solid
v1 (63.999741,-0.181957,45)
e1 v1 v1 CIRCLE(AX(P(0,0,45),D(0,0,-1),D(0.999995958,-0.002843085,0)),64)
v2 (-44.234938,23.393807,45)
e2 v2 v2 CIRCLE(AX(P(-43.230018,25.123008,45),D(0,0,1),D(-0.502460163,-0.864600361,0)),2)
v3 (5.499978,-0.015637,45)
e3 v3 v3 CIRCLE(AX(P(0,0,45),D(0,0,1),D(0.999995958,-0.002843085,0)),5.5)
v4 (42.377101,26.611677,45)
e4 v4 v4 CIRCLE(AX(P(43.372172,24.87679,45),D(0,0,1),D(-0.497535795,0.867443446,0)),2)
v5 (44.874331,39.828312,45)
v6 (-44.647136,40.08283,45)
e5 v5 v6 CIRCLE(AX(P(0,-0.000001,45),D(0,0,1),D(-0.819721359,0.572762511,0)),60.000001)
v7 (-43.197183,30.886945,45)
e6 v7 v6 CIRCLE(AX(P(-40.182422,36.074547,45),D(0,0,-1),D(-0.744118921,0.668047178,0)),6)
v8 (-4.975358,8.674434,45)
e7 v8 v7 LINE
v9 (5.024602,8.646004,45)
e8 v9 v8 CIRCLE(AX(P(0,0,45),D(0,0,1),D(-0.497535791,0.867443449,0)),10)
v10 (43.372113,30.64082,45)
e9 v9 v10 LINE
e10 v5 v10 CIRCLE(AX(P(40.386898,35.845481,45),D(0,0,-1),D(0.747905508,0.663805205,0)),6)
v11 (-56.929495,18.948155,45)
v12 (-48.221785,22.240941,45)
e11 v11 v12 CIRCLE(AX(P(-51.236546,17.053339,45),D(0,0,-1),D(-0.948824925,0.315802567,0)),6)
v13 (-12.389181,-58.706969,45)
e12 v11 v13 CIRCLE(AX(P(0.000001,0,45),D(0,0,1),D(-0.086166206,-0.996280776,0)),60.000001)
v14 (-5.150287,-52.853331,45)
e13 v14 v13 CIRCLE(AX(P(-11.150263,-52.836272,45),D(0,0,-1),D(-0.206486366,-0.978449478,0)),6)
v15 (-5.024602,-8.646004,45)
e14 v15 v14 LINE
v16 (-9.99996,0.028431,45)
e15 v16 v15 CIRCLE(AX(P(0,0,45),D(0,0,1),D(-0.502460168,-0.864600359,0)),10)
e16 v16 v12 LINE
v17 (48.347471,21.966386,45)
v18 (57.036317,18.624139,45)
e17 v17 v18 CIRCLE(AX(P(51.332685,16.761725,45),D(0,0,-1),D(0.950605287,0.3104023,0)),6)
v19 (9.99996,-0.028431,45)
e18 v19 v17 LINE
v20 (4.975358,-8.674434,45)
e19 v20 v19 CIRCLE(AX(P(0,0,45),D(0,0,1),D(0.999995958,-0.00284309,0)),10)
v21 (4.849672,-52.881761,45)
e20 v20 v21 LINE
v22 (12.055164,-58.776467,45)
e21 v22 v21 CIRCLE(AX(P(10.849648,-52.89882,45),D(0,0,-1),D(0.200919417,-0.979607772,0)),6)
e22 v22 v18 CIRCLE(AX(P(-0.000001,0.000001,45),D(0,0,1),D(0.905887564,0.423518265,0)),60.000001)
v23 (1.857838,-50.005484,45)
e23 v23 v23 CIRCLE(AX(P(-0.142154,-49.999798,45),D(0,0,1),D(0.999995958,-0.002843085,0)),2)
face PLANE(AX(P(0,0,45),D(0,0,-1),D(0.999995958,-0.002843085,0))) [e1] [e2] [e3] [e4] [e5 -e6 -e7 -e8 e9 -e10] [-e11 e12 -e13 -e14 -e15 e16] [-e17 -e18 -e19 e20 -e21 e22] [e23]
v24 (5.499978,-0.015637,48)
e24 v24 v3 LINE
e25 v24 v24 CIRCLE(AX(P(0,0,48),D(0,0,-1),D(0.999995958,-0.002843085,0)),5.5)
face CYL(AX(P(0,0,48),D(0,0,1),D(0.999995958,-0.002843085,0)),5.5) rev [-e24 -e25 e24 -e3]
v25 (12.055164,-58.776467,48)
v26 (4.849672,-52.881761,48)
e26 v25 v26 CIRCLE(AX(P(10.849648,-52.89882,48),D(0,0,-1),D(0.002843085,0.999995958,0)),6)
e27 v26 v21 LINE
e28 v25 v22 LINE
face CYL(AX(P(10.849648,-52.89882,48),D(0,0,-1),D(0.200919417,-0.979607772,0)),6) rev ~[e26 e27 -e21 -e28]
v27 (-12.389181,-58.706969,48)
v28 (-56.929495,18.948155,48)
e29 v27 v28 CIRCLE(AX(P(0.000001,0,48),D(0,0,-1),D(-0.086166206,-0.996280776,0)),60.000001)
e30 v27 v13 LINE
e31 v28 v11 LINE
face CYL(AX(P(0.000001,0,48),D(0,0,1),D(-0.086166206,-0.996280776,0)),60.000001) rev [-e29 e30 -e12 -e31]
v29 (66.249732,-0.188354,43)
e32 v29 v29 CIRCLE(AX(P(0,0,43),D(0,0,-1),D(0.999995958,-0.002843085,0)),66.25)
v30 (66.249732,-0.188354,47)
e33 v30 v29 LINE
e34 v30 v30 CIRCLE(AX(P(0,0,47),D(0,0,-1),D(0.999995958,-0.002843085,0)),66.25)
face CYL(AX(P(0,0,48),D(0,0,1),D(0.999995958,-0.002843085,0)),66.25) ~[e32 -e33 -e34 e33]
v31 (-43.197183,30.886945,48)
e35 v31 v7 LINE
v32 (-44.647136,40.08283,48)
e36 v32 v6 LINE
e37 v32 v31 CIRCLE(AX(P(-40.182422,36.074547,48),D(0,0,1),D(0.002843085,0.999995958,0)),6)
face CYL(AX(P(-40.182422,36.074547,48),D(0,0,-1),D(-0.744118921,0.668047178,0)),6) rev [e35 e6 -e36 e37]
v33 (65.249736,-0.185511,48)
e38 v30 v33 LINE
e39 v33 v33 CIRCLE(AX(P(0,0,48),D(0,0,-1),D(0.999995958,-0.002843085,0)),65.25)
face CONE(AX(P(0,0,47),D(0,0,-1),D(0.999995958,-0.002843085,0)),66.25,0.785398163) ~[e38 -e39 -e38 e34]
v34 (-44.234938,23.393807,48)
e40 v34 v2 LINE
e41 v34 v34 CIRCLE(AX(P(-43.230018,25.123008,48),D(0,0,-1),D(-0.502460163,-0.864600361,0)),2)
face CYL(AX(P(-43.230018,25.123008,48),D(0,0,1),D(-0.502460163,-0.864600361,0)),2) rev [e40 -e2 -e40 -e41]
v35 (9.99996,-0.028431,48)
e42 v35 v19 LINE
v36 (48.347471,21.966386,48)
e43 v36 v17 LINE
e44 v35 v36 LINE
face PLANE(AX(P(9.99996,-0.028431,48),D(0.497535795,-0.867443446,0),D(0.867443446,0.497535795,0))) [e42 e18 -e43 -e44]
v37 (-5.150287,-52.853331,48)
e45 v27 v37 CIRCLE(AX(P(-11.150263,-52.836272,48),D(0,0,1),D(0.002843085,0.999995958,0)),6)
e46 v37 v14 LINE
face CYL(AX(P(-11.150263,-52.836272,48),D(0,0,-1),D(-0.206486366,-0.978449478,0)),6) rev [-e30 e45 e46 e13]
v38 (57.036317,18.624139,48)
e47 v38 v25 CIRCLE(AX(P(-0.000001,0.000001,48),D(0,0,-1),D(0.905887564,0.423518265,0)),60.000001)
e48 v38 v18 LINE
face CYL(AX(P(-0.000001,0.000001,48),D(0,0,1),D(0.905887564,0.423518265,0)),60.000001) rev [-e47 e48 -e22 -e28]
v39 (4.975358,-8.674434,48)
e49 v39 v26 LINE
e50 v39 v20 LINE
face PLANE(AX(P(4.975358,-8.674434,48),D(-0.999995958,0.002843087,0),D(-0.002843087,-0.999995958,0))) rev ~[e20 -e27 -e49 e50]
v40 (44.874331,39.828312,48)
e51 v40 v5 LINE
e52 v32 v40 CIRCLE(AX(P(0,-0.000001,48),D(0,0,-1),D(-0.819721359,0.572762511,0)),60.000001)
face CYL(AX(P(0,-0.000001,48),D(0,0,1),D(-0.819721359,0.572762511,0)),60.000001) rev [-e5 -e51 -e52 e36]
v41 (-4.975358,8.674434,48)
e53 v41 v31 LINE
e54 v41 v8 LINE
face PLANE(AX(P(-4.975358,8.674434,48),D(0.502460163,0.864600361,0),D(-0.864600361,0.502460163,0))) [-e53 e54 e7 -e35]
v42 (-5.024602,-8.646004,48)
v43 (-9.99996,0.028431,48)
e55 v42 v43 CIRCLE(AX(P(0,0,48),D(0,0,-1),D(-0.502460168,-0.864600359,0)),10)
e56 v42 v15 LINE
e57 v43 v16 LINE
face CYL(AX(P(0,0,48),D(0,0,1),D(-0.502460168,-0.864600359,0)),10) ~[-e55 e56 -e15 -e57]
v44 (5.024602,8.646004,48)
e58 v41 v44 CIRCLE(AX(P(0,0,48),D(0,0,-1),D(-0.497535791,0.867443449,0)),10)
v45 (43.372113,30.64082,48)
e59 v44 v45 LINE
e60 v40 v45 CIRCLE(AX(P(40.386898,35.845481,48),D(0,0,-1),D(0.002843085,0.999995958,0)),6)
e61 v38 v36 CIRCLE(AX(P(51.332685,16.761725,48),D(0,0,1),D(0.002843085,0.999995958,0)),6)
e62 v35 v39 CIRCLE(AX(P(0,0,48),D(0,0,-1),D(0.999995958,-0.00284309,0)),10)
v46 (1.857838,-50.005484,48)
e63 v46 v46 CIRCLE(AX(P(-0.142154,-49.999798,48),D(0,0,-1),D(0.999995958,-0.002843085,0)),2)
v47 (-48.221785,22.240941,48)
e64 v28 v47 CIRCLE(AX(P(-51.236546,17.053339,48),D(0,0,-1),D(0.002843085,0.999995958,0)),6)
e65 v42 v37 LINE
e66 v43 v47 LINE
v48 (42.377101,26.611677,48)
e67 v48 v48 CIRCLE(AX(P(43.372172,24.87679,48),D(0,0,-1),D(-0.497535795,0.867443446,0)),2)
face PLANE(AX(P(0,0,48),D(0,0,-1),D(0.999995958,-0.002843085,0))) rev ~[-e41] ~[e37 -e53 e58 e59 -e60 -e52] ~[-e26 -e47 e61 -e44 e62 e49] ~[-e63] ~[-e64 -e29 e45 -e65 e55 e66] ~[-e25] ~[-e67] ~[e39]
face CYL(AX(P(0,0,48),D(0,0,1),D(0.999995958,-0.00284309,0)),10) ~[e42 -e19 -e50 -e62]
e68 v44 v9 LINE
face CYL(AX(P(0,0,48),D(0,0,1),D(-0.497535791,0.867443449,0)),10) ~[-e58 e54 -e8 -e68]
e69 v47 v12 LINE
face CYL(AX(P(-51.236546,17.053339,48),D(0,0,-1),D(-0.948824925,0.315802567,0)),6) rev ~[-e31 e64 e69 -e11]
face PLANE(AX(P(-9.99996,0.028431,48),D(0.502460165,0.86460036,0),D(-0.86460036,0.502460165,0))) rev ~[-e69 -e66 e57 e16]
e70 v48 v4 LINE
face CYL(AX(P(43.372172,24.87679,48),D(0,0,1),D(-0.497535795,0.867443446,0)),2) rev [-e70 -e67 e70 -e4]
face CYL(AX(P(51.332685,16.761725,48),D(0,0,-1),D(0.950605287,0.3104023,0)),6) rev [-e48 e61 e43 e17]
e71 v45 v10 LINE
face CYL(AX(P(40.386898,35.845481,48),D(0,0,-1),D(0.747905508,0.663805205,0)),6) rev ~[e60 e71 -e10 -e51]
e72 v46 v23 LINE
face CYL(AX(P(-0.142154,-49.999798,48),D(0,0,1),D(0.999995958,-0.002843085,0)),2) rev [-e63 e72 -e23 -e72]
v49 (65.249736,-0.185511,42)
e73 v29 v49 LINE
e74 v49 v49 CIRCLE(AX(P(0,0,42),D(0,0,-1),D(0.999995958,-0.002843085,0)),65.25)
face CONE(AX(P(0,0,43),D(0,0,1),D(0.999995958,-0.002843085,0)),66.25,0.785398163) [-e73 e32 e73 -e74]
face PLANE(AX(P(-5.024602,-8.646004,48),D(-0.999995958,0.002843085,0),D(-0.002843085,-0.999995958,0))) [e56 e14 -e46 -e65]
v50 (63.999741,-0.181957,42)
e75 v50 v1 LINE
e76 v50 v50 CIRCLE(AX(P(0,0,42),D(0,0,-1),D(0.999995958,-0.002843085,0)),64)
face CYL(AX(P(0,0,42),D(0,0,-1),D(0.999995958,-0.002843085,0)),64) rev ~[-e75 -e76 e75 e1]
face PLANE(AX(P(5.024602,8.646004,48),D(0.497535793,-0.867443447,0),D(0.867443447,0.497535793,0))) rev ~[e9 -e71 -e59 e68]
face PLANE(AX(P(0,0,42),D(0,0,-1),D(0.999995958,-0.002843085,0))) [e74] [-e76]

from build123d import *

# Parameters (mm, degrees)
SKETCH017_R             = 66.25
PAD004_DEPTH            = 6
SKETCH016_R             = 5.5
POCKET010_DEPTH         = 6.001
SKETCH015_R             = 2
POCKET011_DEPTH         = 380.959664
POLARPATTERN003_COUNT   = 3
CHAMFER002_SIZE         = 1
FILLET001_R             = 6
SKETCH018_R             = 64
POCKET012_DEPTH         = 3
BODY005_ROLL_ANGLE      = 180
BODY005_PLACEMENT_ANGLE = -0.162897


with BuildPart() as part:
    # Sketch017 → Pad004 (new body)
    with BuildSketch(Plane.XY):
        Circle(SKETCH017_R)
    extrude(amount=PAD004_DEPTH)

    # Sketch016 → Pocket010 (cut, through all)
    with BuildSketch(Plane.XY):
        Circle(SKETCH016_R)
    extrude(amount=POCKET010_DEPTH, mode=Mode.SUBTRACT)

    # Sketch015 → Pocket011 (cut, through all)
    with BuildSketch(Plane.XY):
        with Locations((0, 50)):
            Circle(SKETCH015_R)
        with BuildLine():
            ThreePointArc((-5, 59.791304), (-51.961524, 30), (-54.280788, -25.565525))
            Line((-10, 0), (-54.280788, -25.565525))
            ThreePointArc((-5, 8.660254), (-8.660254, 5), (-10, 0))
            Line((-5, 8.660254), (-5, 59.791304))
        make_face()
    pocket011 = extrude(amount=POCKET011_DEPTH, mode=Mode.SUBTRACT)

    # PolarPattern003: Pocket011 ×3 about axis
    polarpattern003_axis = Axis((0, 0, 0), (0, 0, 1))
    for i in range(1, POLARPATTERN003_COUNT):
        add(pocket011.rotate(polarpattern003_axis, i * 360 / POLARPATTERN003_COUNT), mode=Mode.SUBTRACT)

    # Chamfer002
    chamfer002_edges = [part.edges().sort_by_distance(p)[0] for p in [
        (-66.25, 0, 6),
        (-66.25, 0, 0),
    ]]
    chamfer(chamfer002_edges, length=CHAMFER002_SIZE)

    # Fillet001
    fillet001_edges = [part.edges().sort_by_distance(p)[0] for p in [
        (-54.280788, -25.565525, 3),
        (-5, 59.791304, 3),
        (5, 59.791304, 3),
        (54.280788, -25.565525, 3),
        (49.280788, -34.225779, 3),
        (-49.280788, -34.225779, 3),
    ]]
    fillet(fillet001_edges, radius=FILLET001_R)

    # Sketch018 (on Face25 of Fillet001) → Pocket012 (cut)
    with BuildSketch(Plane.XY.offset(6)):
        Circle(SKETCH018_R)
    extrude(amount=-POCKET012_DEPTH, mode=Mode.SUBTRACT)


with BuildPart() as part_1:
    # Body005 roll: moved
    add(part.part.rotate(Axis((0, 0, 0), (1, 0, 0)), BODY005_ROLL_ANGLE))


with BuildPart() as part_2:
    # Body005 placement: moved
    add(part_1.part.moved(Location((0, 0, 48))).rotate(Axis((0, 0, 48), (0, 0, 1)), BODY005_PLACEMENT_ANGLE))


solid = part_2.part
